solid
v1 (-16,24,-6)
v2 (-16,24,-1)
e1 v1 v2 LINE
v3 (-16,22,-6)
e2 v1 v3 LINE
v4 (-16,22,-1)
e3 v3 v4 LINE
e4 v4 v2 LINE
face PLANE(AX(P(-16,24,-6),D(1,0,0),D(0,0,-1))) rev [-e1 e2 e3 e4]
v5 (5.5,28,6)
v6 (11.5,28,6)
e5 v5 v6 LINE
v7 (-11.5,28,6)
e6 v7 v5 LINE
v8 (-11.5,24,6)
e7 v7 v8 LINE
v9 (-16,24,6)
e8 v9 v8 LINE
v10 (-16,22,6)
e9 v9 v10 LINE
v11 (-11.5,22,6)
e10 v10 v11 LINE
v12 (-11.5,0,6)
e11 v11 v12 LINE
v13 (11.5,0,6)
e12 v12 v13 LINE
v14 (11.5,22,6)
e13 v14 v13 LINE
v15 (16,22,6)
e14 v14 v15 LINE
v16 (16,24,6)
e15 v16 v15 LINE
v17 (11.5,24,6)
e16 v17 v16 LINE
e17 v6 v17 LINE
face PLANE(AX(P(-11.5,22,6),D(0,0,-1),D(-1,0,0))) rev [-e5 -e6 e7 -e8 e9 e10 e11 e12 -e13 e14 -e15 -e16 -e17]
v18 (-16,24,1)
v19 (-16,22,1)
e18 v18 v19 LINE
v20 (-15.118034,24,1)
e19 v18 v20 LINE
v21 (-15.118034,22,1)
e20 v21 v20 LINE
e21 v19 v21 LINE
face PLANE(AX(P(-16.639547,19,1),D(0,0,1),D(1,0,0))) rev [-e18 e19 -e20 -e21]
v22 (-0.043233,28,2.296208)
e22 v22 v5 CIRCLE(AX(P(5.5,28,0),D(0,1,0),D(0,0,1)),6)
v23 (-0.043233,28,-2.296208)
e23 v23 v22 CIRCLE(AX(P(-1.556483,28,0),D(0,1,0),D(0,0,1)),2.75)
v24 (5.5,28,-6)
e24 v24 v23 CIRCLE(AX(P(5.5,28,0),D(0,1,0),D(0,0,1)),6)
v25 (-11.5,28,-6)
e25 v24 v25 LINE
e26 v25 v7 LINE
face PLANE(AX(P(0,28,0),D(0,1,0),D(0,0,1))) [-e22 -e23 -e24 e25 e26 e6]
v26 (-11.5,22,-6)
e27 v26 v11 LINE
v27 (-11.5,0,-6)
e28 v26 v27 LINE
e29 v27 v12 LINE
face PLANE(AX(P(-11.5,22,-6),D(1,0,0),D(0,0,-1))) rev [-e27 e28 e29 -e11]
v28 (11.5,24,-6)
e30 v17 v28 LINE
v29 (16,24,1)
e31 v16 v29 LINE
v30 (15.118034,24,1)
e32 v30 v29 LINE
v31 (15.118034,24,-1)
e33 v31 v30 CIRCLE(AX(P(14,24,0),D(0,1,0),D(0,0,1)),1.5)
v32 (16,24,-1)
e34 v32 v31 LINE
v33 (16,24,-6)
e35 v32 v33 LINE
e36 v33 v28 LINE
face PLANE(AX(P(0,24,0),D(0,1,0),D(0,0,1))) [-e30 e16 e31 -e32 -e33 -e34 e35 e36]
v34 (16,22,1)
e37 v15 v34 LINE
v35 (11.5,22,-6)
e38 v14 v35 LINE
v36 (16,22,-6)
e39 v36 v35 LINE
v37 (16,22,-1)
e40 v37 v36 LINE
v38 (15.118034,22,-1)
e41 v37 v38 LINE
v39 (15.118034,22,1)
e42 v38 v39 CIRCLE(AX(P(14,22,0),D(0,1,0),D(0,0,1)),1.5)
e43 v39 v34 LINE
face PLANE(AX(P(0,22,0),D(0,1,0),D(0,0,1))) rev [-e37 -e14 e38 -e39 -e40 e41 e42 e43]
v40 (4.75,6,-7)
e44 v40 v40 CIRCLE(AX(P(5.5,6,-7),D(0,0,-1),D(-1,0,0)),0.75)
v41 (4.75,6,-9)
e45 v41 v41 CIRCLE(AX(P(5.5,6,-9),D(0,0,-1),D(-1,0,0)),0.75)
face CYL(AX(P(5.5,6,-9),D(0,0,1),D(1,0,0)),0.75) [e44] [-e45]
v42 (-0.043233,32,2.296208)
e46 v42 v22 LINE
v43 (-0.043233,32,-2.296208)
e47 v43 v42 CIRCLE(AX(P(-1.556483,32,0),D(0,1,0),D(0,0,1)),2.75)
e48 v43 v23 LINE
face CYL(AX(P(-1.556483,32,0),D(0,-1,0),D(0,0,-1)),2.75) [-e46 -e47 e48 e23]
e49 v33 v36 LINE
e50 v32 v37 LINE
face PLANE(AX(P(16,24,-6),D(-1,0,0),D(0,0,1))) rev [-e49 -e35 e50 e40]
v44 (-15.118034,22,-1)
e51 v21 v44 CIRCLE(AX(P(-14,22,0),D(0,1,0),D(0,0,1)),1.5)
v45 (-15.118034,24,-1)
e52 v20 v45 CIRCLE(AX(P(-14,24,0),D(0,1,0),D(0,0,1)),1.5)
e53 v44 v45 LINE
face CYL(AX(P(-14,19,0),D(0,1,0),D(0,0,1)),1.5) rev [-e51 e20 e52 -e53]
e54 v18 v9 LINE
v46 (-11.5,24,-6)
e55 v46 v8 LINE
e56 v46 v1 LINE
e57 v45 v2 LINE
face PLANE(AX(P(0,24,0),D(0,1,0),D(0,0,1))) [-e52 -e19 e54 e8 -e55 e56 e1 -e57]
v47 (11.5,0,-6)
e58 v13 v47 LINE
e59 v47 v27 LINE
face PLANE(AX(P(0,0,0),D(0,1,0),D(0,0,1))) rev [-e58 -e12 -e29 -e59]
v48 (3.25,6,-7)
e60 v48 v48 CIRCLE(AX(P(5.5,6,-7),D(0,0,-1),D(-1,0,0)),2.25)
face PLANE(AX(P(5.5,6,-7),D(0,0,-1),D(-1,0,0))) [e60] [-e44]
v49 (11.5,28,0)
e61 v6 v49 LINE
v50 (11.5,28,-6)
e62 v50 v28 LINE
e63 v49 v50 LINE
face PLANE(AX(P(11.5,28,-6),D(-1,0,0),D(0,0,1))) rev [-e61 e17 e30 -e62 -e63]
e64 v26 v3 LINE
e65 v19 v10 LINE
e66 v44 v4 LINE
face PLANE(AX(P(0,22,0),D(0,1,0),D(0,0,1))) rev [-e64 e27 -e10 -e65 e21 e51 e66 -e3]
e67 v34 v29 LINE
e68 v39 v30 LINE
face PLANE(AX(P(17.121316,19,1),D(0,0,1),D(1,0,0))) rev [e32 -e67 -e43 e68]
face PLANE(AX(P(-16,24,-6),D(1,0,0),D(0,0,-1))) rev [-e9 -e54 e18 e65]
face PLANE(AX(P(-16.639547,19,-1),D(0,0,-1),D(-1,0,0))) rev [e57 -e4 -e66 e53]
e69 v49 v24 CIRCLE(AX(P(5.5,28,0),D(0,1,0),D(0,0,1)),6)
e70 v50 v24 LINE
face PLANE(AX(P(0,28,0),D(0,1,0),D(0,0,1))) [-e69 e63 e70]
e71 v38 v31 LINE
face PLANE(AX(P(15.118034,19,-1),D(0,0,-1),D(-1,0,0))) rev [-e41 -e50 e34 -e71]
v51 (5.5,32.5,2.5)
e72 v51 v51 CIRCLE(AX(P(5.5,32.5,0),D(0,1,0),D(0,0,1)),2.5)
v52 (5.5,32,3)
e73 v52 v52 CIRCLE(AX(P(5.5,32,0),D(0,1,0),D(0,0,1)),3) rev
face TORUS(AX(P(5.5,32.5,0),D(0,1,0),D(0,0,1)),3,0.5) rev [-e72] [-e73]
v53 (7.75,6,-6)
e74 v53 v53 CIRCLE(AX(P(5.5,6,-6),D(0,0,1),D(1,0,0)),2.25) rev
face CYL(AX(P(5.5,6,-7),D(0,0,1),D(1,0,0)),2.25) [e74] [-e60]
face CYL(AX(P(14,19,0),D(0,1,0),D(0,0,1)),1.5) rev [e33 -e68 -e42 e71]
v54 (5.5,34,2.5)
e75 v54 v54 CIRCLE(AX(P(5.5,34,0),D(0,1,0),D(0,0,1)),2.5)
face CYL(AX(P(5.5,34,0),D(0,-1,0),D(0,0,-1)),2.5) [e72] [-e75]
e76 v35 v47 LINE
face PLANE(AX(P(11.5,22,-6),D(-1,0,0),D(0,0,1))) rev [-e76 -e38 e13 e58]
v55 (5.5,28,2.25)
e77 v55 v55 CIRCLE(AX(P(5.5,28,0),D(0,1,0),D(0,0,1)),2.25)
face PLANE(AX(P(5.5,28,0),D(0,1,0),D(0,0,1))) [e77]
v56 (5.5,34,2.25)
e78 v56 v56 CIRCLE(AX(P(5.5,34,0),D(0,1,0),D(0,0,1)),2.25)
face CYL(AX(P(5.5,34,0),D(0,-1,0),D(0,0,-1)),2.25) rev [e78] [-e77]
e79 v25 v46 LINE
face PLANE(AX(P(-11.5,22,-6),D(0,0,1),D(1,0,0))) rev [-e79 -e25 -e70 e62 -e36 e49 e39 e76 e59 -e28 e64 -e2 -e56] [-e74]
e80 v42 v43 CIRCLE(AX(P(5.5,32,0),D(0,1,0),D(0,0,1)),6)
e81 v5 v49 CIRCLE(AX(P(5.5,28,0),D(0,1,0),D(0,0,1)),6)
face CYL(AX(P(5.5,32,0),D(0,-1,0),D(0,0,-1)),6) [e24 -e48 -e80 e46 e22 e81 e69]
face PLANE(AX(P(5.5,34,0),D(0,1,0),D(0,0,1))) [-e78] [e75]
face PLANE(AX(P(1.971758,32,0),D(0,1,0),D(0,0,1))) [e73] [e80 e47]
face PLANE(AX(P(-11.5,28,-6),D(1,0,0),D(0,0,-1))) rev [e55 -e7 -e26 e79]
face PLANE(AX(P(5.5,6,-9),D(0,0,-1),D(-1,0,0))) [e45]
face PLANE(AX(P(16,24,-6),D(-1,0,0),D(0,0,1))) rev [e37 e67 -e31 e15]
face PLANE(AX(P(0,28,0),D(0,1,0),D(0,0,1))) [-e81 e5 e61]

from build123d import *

# Parameters (mm, degrees)
SKETCH1_W           = 23
SKETCH1_H           = 12
BOSS_EXTRUDE1_DEPTH = 22
SKETCH2_W           = 32
SKETCH2_H           = 12
BOSS_EXTRUDE2_DEPTH = 2
CUT_EXTRUDE1_DEPTH  = 5
SKETCH3_W           = 23
SKETCH3_H           = 12
BOSS_EXTRUDE4_DEPTH = 4
BOSS_EXTRUDE5_DEPTH = 4
SKETCH6_R           = 2.5
SKETCH6_R_2         = 2.25
BOSS_EXTRUDE6_DEPTH = 2
CUT_EXTRUDE2_START  = -4
SKETCH7_R           = 2.25
CUT_EXTRUDE2_DEPTH  = 4
FILLET4_R           = 0.5
SKETCH8_R           = 2.25
BOSS_EXTRUDE7_DEPTH = 1
SKETCH9_R           = 0.75
BOSS_EXTRUDE8_DEPTH = 2


with BuildPart() as part:
    # Sketch1 → Boss-Extrude1 (new body)
    with BuildSketch(Plane(origin=(0, 0, 0), x_dir=(1, 0, 0), z_dir=(0, 1, 0))):
        Rectangle(SKETCH1_W, SKETCH1_H)
    extrude(amount=BOSS_EXTRUDE1_DEPTH)

    # Sketch2 → Boss-Extrude2 (add)
    with BuildSketch(Plane(origin=(0, 22, 0), x_dir=(1, 0, 0), z_dir=(0, 1, 0))):
        Rectangle(SKETCH2_W, SKETCH2_H)
    extrude(amount=BOSS_EXTRUDE2_DEPTH)

    # Sketch4 → Cut-Extrude1 (cut)
    with BuildSketch(Plane(origin=(0, 24, 0), x_dir=(1, 0, 0), z_dir=(0, 1, 0))):
        with BuildLine():
            Line((-16.63954717, 1), (-15.118033989, 1))
            ThreePointArc((-15.118033989, 1), (-12.5, 0), (-15.118033989, -1))
            Line((-15.118033989, -1), (-16.63954717, -1))
            Line((-16.63954717, -1), (-16.63954717, 1))
        make_face()
        with BuildLine():
            Line((15.118033989, 1), (17.121315796, 1))
            Line((17.121315796, 1), (17.121315796, -1))
            Line((17.121315796, -1), (15.118033989, -1))
            ThreePointArc((15.118033989, -1), (12.5, 0), (15.118033989, 1))
        make_face()
    extrude(amount=-CUT_EXTRUDE1_DEPTH, mode=Mode.SUBTRACT)

    # Sketch3 → Boss-Extrude4 (add)
    with BuildSketch(Plane(origin=(0, 24, 0), x_dir=(1, 0, 0), z_dir=(0, 1, 0))):
        Rectangle(SKETCH3_W, SKETCH3_H)
    extrude(amount=BOSS_EXTRUDE4_DEPTH)

    # Sketch5 → Boss-Extrude5 (add)
    with BuildSketch(Plane(origin=(0, 28, 0), x_dir=(1, 0, 0), z_dir=(0, 1, 0))):
        with BuildLine():
            ThreePointArc((-0.043232592, -2.296208273), (11.5, 0), (-0.043232592, 2.296208273))
            ThreePointArc((-0.043232592, 2.296208273), (-4.306483254, 0), (-0.043232592, -2.296208273))
        make_face()
    extrude(amount=BOSS_EXTRUDE5_DEPTH)

    # Sketch6 → Boss-Extrude6 (add)
    with BuildSketch(Plane(origin=(0, 32, 0), x_dir=(1, 0, 0), z_dir=(0, 1, 0))):
        with Locations(Location((5.5, 0, 0), (0, 0, 270))):
            Circle(SKETCH6_R)
        with Locations(Location((5.5, 0, 0), (0, 0, 270))):
            Circle(SKETCH6_R_2, mode=Mode.SUBTRACT)
    extrude(amount=BOSS_EXTRUDE6_DEPTH)

    # Sketch7 → Cut-Extrude2 (cut)
    with BuildSketch(Plane(origin=(0, 32, 0), x_dir=(1, 0, 0), z_dir=(0, 1, 0)).offset(CUT_EXTRUDE2_START)):
        with Locations(Location((5.5, 0, 0), (0, 0, 270))):
            Circle(SKETCH7_R)
    extrude(amount=CUT_EXTRUDE2_DEPTH, mode=Mode.SUBTRACT)

    # Fillet4
    fillet4_edges = [part.edges().sort_by_distance(p)[0] for p in [
        (5.5, 32, -2.5),
    ]]
    fillet(fillet4_edges, radius=FILLET4_R)

    # Sketch8 → Boss-Extrude7 (add)
    with BuildSketch(Plane(origin=(0, 0, -6), x_dir=(-1, 0, 0), z_dir=(0, 0, -1))):
        with Locations(Location((-5.5, 6, 0), (0, 0, 180))):
            Circle(SKETCH8_R)
    extrude(amount=BOSS_EXTRUDE7_DEPTH)

    # Sketch9 → Boss-Extrude8 (add)
    with BuildSketch(Plane(origin=(0, 0, -7), x_dir=(-1, 0, 0), z_dir=(0, 0, -1))):
        with Locations((-5.5, 6)):
            Circle(SKETCH9_R)
    extrude(amount=BOSS_EXTRUDE8_DEPTH)


solid = part.part
